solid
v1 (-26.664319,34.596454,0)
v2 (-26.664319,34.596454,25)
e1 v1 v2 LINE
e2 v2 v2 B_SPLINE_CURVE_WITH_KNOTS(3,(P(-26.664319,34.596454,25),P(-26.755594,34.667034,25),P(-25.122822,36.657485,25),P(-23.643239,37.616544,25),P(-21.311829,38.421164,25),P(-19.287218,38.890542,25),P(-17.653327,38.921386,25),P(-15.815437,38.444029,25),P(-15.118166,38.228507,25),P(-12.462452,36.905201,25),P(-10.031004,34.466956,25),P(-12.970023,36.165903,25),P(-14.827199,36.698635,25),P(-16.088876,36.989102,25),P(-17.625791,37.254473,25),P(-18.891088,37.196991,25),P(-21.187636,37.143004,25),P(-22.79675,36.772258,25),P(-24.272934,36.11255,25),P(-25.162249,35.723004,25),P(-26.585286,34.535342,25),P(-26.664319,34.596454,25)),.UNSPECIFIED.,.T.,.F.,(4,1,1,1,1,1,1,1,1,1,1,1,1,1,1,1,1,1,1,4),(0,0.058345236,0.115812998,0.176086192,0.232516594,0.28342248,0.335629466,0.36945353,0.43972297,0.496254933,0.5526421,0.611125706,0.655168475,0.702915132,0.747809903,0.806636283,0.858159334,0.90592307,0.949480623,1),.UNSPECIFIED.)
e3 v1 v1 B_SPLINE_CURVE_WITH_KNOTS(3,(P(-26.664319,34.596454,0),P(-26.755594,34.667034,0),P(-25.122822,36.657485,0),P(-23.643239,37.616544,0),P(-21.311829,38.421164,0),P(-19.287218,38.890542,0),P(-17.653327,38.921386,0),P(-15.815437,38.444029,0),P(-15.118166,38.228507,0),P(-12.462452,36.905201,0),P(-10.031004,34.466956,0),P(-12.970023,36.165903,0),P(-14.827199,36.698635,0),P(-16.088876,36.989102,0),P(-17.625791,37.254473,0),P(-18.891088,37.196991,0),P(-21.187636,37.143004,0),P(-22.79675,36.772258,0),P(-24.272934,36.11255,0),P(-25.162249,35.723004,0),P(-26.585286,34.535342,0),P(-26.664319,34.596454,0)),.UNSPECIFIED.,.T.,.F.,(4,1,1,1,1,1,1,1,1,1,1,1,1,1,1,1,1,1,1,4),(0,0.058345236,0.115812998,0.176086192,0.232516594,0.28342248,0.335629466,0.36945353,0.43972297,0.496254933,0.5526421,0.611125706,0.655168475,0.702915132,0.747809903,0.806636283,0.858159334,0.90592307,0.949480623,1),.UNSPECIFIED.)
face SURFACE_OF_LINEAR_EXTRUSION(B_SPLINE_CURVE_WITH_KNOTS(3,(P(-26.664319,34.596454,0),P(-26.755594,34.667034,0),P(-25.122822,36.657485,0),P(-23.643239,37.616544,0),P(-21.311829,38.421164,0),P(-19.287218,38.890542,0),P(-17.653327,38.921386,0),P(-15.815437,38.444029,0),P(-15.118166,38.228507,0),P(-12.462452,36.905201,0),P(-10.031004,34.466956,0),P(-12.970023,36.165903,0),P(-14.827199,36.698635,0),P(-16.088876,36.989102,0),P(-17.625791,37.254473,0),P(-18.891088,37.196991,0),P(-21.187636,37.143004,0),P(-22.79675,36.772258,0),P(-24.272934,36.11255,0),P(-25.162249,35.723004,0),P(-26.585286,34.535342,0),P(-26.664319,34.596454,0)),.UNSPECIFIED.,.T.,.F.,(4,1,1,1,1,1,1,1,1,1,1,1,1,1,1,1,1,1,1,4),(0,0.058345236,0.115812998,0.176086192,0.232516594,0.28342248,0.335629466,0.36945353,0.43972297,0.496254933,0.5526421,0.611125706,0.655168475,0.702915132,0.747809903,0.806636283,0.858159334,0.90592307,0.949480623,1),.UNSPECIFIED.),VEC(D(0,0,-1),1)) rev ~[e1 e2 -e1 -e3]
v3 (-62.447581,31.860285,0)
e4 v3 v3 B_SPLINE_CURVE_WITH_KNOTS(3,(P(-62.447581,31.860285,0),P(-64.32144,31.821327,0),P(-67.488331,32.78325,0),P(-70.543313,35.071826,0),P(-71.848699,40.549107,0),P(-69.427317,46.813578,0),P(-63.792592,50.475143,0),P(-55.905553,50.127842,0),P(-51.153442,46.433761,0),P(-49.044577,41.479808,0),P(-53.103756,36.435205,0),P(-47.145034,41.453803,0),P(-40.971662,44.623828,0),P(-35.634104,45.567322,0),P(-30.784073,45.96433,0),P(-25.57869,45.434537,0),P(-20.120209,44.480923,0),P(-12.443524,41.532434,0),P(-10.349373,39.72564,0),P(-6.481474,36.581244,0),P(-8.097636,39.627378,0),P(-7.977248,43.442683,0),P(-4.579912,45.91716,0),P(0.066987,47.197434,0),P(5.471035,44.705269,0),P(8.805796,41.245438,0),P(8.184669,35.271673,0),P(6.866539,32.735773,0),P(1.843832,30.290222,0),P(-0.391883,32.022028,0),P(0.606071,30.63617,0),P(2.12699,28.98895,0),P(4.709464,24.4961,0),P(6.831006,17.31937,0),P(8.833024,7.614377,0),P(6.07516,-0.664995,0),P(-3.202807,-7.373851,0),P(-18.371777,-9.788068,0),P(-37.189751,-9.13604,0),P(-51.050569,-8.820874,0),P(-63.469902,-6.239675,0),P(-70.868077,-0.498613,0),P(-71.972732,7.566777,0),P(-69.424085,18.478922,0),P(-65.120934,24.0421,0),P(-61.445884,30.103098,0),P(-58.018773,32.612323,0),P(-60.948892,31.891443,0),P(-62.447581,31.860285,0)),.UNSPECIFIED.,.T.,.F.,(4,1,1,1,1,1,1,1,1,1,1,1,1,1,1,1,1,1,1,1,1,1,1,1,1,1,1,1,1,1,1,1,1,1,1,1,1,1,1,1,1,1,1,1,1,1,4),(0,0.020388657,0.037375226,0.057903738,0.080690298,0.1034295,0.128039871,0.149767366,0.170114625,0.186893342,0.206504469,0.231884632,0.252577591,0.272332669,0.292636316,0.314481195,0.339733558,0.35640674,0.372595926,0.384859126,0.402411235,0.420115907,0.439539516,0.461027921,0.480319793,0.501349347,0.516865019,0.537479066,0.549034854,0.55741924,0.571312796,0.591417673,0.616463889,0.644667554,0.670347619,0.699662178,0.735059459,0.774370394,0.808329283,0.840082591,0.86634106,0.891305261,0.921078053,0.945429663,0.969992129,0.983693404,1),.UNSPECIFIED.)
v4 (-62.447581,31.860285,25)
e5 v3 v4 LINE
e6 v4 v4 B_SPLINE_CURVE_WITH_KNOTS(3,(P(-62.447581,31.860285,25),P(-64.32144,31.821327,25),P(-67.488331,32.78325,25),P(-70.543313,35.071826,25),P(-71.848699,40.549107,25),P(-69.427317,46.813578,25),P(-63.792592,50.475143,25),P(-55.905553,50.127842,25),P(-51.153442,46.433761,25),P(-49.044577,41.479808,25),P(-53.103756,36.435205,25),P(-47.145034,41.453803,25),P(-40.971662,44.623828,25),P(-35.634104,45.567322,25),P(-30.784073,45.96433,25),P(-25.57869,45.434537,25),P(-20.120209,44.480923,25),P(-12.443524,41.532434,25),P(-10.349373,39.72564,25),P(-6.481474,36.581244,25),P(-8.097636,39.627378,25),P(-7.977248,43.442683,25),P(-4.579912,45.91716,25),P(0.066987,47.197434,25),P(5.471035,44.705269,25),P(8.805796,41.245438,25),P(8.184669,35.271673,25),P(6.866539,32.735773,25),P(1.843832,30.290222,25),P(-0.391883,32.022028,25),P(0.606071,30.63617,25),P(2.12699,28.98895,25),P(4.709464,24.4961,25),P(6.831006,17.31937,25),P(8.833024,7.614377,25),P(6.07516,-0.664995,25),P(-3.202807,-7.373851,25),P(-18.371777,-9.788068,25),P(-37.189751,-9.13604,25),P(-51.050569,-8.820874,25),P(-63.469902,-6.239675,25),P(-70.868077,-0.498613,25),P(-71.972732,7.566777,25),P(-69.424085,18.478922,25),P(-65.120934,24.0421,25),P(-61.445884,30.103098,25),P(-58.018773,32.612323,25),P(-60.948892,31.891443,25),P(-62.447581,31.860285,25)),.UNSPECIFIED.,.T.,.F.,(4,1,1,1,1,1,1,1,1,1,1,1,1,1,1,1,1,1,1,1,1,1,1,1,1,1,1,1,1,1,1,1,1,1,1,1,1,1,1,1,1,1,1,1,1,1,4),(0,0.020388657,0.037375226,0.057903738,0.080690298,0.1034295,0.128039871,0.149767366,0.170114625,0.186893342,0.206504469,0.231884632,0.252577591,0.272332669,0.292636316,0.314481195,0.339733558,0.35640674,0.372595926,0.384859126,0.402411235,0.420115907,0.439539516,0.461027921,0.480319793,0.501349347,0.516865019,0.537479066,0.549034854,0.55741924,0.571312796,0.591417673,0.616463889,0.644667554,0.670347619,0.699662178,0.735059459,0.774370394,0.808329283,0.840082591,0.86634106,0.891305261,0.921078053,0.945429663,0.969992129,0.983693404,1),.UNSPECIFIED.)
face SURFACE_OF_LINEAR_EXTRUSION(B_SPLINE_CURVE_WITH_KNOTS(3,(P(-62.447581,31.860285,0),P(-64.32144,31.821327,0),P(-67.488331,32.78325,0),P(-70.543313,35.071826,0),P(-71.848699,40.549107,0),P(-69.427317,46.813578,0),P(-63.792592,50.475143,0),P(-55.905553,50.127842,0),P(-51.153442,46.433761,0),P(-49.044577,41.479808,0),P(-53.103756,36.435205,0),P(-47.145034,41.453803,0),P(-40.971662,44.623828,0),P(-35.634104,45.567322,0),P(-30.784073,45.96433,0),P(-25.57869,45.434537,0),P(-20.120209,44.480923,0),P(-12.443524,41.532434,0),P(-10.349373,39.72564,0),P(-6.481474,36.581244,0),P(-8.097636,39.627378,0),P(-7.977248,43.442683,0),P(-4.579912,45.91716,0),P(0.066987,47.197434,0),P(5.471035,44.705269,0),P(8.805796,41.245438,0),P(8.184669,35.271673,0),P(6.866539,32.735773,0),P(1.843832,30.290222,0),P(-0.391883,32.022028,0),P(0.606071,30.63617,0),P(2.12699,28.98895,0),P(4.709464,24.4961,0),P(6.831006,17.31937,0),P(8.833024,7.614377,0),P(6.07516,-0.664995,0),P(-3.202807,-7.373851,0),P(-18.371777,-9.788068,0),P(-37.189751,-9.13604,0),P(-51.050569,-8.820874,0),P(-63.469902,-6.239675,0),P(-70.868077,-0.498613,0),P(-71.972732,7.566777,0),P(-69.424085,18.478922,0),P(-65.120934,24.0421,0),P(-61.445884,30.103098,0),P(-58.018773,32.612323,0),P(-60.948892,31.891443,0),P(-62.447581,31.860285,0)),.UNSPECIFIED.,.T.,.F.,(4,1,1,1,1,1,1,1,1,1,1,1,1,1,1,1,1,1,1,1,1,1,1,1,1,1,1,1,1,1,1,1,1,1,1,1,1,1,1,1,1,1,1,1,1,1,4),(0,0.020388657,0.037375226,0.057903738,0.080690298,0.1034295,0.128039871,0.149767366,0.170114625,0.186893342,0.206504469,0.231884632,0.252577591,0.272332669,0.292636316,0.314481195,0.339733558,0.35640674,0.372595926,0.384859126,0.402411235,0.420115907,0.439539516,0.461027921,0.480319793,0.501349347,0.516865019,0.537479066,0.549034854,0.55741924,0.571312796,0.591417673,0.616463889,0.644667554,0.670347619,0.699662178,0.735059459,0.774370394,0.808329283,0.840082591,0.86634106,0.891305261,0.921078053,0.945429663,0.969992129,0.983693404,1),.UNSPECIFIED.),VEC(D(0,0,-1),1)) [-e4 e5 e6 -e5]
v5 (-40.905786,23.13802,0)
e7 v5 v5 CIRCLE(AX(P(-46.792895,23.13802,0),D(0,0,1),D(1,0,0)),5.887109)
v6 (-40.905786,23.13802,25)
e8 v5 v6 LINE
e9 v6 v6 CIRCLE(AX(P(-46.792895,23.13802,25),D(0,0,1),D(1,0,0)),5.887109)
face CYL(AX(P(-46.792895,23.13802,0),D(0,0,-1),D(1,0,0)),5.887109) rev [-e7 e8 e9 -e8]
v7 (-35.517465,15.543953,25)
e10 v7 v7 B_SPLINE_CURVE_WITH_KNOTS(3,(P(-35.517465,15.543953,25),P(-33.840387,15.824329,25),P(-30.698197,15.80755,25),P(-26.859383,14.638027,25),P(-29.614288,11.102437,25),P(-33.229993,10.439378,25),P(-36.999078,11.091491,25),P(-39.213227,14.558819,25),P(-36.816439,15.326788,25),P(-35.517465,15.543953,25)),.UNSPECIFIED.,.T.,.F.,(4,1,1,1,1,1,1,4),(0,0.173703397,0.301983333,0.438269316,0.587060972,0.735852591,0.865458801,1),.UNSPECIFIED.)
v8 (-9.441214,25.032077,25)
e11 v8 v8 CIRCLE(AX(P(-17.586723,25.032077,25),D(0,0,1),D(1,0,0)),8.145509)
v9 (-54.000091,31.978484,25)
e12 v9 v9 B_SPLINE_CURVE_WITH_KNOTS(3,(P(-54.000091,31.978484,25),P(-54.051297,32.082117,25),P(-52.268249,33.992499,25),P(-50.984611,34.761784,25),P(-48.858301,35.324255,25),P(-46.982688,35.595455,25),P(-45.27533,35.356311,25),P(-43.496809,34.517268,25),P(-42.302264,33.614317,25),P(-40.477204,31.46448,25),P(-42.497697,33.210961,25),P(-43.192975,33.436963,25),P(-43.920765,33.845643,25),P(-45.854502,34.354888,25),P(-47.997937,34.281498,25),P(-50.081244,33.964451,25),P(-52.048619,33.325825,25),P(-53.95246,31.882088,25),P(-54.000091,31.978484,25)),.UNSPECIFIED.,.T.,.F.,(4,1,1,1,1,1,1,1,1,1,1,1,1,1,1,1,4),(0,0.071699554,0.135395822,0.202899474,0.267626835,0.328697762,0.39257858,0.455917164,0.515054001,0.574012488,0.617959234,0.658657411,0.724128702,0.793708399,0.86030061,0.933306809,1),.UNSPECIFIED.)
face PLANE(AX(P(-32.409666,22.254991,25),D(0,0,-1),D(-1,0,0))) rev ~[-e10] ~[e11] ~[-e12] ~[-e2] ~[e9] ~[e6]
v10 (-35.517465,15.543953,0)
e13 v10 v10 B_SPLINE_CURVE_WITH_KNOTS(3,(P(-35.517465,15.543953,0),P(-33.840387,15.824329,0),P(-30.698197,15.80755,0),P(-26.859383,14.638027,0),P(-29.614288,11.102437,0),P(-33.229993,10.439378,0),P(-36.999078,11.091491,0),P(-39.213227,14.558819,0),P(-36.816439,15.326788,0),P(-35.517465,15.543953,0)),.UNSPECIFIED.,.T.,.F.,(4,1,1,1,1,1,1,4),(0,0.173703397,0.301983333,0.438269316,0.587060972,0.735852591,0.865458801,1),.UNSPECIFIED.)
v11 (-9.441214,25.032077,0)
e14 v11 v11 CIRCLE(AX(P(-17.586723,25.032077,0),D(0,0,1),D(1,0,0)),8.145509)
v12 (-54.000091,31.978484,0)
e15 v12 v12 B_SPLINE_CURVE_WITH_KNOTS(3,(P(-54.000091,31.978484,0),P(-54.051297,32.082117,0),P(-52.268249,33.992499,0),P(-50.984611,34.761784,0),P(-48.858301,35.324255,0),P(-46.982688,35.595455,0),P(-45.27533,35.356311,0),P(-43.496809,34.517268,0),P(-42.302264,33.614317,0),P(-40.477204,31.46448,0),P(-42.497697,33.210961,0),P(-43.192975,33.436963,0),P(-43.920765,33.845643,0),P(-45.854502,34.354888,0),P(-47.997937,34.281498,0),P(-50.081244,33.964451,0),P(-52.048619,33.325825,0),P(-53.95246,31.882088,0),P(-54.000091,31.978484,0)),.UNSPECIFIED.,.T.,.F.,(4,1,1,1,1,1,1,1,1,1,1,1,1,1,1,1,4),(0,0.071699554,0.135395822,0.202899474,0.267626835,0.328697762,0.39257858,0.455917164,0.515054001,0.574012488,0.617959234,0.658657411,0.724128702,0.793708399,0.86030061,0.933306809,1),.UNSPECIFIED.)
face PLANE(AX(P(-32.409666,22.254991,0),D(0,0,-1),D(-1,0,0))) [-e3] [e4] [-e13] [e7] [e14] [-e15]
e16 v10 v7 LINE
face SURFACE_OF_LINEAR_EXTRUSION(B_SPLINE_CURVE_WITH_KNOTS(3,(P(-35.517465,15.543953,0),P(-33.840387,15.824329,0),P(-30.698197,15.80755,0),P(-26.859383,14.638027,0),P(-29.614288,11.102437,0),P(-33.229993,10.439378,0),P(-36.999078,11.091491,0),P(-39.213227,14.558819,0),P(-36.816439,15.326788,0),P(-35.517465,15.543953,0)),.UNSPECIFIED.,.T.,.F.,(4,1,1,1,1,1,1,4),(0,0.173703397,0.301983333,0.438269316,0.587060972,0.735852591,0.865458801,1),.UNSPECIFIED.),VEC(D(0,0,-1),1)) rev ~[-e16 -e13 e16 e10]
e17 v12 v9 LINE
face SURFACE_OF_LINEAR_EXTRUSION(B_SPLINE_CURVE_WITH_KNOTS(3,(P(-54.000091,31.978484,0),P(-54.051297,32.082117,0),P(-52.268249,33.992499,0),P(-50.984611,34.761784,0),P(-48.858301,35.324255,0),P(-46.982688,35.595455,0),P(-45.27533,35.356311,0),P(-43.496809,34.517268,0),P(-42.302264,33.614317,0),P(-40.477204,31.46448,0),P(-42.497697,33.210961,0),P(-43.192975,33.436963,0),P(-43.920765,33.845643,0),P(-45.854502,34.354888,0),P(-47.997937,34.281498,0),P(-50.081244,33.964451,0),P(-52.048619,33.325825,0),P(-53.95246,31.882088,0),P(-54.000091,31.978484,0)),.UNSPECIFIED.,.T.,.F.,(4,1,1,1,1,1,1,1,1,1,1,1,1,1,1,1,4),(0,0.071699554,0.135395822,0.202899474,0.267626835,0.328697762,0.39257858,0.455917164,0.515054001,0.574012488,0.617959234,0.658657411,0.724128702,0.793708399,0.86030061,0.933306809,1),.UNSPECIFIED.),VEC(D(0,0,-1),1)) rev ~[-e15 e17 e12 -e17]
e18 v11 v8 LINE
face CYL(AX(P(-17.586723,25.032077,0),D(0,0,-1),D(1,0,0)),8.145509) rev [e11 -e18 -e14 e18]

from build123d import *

# Parameters (mm, degrees)
F0_R     = 5.8871088281
F0_R_2   = 8.1455093329
F1_DEPTH = 25


with BuildPart() as f1:
    # F0 (on Top) → F1 (new body)
    with BuildSketch(Plane.XY):
        with BuildLine():
            add(Edge.make_bspline(
                [(-62.4475814402, 31.8602845073), (-64.3214401337, 31.8213266312), (-67.4883312794, 32.783250218), (-70.5433128325, 35.0718262893), (-71.8486985829, 40.5491069129), (-69.4273167334, 46.8135775657), (-63.7925916705, 50.4751428135), (-55.905553368, 50.127841629), (-51.1534421367, 46.4337606701), (-49.0445770516, 41.4798080441), (-53.1037559113, 36.4352048791), (-47.1450339344, 41.4538025169), (-40.971661506, 44.6238279635), (-35.6341036789, 45.5673224233), (-30.7840731476, 45.964329634), (-25.5786901034, 45.434537035), (-20.1202094574, 44.4809229236), (-12.4435237587, 41.5324341642), (-10.3493728304, 39.725639973), (-6.4814741144, 36.5812443041), (-8.0976360885, 39.6273777507), (-7.9772478901, 43.4426833235), (-4.5799123689, 45.917160142), (0.0669868418, 47.1974341915), (5.4710346988, 44.7052692344), (8.8057963696, 41.2454384065), (8.1846685573, 35.2716730897), (6.8665388509, 32.7357730035), (1.8438315508, 30.2902221599), (-0.3918831101, 32.0220279281), (0.6060706079, 30.6361699324), (2.1269898703, 28.9889500057), (4.7094637541, 24.4961001545), (6.8310060541, 17.319370376), (8.8330244052, 7.6143773487), (6.0751604204, -0.66499486), (-3.2028071078, -7.3738506324), (-18.371776506, -9.7880678723), (-37.1897505662, -9.1360404649), (-51.0505685142, -8.8208742961), (-63.4699020836, -6.2396753069), (-70.8680768791, -0.4986131554), (-71.9727322361, 7.5667765544), (-69.4240846528, 18.4789224082), (-65.120934427, 24.0421002247), (-61.4458844661, 30.1030982), (-58.0187725911, 32.6123229535), (-60.9488924524, 31.8914425344), (-62.4475814402, 31.8602845073)],
                knots=[0, 0, 0, 0, 0.0203886572, 0.0373752259, 0.0579037378, 0.0806902982, 0.1034294999, 0.1280398711, 0.1497673663, 0.1701146246, 0.1868933423, 0.2065044685, 0.2318846316, 0.2525775914, 0.2723326688, 0.2926363158, 0.3144811952, 0.3397335576, 0.3564067399, 0.3725959259, 0.3848591258, 0.402411235, 0.4201159073, 0.4395395164, 0.4610279205, 0.480319793, 0.5013493474, 0.5168650195, 0.5374790661, 0.5490348541, 0.55741924, 0.5713127965, 0.5914176733, 0.6164638892, 0.6446675541, 0.6703476195, 0.6996621777, 0.7350594588, 0.7743703943, 0.8083292829, 0.8400825913, 0.8663410599, 0.8913052612, 0.9210780528, 0.9454296633, 0.9699921291, 0.9836934043, 1, 1, 1, 1], degree=3))
        make_face()
        with BuildLine():
            add(Edge.make_bspline(
                [(-35.5174653232, 15.5439525843), (-33.84038652, 15.8243293509), (-30.6981966031, 15.807550273), (-26.8593832986, 14.6380266634), (-29.6142878041, 11.1024373201), (-33.2299928088, 10.4393775026), (-36.9990782403, 11.0914912362), (-39.2132265315, 14.5588186004), (-36.8164392972, 15.326787999), (-35.5174653232, 15.5439525843)],
                knots=[0, 0, 0, 0, 0.1737033973, 0.3019833326, 0.4382693164, 0.5870609716, 0.7358525912, 0.8654588014, 1, 1, 1, 1], degree=3))
        make_face(mode=Mode.SUBTRACT)
        with Locations((-46.7928946018, 23.1380201876)):
            Circle(F0_R, mode=Mode.SUBTRACT)
        with BuildLine():
            add(Edge.make_bspline(
                [(-54.0000908077, 31.9784842432), (-54.051297348, 32.0821166025), (-52.2682488488, 33.9924989932), (-50.9846114735, 34.7617839764), (-48.8583011522, 35.3242551713), (-46.982687638, 35.595455058), (-45.2753296842, 35.3563112428), (-43.4968086623, 34.5172683894), (-42.3022639101, 33.614317), (-40.4772043638, 31.4644799705), (-42.4976972692, 33.2109605341), (-43.1929750978, 33.4369633942), (-43.9207651067, 33.8456427462), (-45.8545023902, 34.354888173), (-47.9979368372, 34.2814980415), (-50.0812435288, 33.9644509894), (-52.0486188136, 33.3258254503), (-53.9524597222, 31.8820879286), (-54.0000908077, 31.9784842432)],
                knots=[0, 0, 0, 0, 0.071699554, 0.1353958221, 0.2028994744, 0.2676268347, 0.3286977621, 0.3925785804, 0.4559171643, 0.5150540012, 0.5740124876, 0.6179592337, 0.6586574105, 0.7241287018, 0.793708399, 0.8603006098, 0.9333068088, 1, 1, 1, 1], degree=3))
        make_face(mode=Mode.SUBTRACT)
        with Locations((-17.58672297, 25.0320769846)):
            Circle(F0_R_2, mode=Mode.SUBTRACT)
        with BuildLine():
            add(Edge.make_bspline(
                [(-26.6643185169, 34.5964543521), (-26.755594076, 34.6670340131), (-25.1228221394, 36.6574848261), (-23.6432387956, 37.6165443822), (-21.3118293369, 38.4211636883), (-19.2872180545, 38.8905423922), (-17.6533269285, 38.9213856593), (-15.815436929, 38.4440290239), (-15.1181655048, 38.2285074908), (-12.4624518456, 36.9052008897), (-10.031003508, 34.4669556436), (-12.9700225048, 36.1659033475), (-14.8271990916, 36.6986353081), (-16.0888762005, 36.9891023625), (-17.6257905684, 37.2544734334), (-18.8910884139, 37.1969905101), (-21.1876357486, 37.1430040221), (-22.79675042, 36.772258085), (-24.2729341799, 36.1125500628), (-25.1622490504, 35.7230041396), (-26.5852857671, 34.5353415555), (-26.6643185169, 34.5964543521)],
                knots=[0, 0, 0, 0, 0.0583452355, 0.1158129978, 0.1760861923, 0.2325165944, 0.2834224799, 0.3356294661, 0.3694535303, 0.4397229705, 0.4962549326, 0.5526421004, 0.6111257062, 0.655168475, 0.7029151318, 0.7478099028, 0.8066362828, 0.858159334, 0.9059230701, 0.9494806229, 1, 1, 1, 1], degree=3))
        make_face(mode=Mode.SUBTRACT)
    extrude(amount=F1_DEPTH)


solid = f1.part
